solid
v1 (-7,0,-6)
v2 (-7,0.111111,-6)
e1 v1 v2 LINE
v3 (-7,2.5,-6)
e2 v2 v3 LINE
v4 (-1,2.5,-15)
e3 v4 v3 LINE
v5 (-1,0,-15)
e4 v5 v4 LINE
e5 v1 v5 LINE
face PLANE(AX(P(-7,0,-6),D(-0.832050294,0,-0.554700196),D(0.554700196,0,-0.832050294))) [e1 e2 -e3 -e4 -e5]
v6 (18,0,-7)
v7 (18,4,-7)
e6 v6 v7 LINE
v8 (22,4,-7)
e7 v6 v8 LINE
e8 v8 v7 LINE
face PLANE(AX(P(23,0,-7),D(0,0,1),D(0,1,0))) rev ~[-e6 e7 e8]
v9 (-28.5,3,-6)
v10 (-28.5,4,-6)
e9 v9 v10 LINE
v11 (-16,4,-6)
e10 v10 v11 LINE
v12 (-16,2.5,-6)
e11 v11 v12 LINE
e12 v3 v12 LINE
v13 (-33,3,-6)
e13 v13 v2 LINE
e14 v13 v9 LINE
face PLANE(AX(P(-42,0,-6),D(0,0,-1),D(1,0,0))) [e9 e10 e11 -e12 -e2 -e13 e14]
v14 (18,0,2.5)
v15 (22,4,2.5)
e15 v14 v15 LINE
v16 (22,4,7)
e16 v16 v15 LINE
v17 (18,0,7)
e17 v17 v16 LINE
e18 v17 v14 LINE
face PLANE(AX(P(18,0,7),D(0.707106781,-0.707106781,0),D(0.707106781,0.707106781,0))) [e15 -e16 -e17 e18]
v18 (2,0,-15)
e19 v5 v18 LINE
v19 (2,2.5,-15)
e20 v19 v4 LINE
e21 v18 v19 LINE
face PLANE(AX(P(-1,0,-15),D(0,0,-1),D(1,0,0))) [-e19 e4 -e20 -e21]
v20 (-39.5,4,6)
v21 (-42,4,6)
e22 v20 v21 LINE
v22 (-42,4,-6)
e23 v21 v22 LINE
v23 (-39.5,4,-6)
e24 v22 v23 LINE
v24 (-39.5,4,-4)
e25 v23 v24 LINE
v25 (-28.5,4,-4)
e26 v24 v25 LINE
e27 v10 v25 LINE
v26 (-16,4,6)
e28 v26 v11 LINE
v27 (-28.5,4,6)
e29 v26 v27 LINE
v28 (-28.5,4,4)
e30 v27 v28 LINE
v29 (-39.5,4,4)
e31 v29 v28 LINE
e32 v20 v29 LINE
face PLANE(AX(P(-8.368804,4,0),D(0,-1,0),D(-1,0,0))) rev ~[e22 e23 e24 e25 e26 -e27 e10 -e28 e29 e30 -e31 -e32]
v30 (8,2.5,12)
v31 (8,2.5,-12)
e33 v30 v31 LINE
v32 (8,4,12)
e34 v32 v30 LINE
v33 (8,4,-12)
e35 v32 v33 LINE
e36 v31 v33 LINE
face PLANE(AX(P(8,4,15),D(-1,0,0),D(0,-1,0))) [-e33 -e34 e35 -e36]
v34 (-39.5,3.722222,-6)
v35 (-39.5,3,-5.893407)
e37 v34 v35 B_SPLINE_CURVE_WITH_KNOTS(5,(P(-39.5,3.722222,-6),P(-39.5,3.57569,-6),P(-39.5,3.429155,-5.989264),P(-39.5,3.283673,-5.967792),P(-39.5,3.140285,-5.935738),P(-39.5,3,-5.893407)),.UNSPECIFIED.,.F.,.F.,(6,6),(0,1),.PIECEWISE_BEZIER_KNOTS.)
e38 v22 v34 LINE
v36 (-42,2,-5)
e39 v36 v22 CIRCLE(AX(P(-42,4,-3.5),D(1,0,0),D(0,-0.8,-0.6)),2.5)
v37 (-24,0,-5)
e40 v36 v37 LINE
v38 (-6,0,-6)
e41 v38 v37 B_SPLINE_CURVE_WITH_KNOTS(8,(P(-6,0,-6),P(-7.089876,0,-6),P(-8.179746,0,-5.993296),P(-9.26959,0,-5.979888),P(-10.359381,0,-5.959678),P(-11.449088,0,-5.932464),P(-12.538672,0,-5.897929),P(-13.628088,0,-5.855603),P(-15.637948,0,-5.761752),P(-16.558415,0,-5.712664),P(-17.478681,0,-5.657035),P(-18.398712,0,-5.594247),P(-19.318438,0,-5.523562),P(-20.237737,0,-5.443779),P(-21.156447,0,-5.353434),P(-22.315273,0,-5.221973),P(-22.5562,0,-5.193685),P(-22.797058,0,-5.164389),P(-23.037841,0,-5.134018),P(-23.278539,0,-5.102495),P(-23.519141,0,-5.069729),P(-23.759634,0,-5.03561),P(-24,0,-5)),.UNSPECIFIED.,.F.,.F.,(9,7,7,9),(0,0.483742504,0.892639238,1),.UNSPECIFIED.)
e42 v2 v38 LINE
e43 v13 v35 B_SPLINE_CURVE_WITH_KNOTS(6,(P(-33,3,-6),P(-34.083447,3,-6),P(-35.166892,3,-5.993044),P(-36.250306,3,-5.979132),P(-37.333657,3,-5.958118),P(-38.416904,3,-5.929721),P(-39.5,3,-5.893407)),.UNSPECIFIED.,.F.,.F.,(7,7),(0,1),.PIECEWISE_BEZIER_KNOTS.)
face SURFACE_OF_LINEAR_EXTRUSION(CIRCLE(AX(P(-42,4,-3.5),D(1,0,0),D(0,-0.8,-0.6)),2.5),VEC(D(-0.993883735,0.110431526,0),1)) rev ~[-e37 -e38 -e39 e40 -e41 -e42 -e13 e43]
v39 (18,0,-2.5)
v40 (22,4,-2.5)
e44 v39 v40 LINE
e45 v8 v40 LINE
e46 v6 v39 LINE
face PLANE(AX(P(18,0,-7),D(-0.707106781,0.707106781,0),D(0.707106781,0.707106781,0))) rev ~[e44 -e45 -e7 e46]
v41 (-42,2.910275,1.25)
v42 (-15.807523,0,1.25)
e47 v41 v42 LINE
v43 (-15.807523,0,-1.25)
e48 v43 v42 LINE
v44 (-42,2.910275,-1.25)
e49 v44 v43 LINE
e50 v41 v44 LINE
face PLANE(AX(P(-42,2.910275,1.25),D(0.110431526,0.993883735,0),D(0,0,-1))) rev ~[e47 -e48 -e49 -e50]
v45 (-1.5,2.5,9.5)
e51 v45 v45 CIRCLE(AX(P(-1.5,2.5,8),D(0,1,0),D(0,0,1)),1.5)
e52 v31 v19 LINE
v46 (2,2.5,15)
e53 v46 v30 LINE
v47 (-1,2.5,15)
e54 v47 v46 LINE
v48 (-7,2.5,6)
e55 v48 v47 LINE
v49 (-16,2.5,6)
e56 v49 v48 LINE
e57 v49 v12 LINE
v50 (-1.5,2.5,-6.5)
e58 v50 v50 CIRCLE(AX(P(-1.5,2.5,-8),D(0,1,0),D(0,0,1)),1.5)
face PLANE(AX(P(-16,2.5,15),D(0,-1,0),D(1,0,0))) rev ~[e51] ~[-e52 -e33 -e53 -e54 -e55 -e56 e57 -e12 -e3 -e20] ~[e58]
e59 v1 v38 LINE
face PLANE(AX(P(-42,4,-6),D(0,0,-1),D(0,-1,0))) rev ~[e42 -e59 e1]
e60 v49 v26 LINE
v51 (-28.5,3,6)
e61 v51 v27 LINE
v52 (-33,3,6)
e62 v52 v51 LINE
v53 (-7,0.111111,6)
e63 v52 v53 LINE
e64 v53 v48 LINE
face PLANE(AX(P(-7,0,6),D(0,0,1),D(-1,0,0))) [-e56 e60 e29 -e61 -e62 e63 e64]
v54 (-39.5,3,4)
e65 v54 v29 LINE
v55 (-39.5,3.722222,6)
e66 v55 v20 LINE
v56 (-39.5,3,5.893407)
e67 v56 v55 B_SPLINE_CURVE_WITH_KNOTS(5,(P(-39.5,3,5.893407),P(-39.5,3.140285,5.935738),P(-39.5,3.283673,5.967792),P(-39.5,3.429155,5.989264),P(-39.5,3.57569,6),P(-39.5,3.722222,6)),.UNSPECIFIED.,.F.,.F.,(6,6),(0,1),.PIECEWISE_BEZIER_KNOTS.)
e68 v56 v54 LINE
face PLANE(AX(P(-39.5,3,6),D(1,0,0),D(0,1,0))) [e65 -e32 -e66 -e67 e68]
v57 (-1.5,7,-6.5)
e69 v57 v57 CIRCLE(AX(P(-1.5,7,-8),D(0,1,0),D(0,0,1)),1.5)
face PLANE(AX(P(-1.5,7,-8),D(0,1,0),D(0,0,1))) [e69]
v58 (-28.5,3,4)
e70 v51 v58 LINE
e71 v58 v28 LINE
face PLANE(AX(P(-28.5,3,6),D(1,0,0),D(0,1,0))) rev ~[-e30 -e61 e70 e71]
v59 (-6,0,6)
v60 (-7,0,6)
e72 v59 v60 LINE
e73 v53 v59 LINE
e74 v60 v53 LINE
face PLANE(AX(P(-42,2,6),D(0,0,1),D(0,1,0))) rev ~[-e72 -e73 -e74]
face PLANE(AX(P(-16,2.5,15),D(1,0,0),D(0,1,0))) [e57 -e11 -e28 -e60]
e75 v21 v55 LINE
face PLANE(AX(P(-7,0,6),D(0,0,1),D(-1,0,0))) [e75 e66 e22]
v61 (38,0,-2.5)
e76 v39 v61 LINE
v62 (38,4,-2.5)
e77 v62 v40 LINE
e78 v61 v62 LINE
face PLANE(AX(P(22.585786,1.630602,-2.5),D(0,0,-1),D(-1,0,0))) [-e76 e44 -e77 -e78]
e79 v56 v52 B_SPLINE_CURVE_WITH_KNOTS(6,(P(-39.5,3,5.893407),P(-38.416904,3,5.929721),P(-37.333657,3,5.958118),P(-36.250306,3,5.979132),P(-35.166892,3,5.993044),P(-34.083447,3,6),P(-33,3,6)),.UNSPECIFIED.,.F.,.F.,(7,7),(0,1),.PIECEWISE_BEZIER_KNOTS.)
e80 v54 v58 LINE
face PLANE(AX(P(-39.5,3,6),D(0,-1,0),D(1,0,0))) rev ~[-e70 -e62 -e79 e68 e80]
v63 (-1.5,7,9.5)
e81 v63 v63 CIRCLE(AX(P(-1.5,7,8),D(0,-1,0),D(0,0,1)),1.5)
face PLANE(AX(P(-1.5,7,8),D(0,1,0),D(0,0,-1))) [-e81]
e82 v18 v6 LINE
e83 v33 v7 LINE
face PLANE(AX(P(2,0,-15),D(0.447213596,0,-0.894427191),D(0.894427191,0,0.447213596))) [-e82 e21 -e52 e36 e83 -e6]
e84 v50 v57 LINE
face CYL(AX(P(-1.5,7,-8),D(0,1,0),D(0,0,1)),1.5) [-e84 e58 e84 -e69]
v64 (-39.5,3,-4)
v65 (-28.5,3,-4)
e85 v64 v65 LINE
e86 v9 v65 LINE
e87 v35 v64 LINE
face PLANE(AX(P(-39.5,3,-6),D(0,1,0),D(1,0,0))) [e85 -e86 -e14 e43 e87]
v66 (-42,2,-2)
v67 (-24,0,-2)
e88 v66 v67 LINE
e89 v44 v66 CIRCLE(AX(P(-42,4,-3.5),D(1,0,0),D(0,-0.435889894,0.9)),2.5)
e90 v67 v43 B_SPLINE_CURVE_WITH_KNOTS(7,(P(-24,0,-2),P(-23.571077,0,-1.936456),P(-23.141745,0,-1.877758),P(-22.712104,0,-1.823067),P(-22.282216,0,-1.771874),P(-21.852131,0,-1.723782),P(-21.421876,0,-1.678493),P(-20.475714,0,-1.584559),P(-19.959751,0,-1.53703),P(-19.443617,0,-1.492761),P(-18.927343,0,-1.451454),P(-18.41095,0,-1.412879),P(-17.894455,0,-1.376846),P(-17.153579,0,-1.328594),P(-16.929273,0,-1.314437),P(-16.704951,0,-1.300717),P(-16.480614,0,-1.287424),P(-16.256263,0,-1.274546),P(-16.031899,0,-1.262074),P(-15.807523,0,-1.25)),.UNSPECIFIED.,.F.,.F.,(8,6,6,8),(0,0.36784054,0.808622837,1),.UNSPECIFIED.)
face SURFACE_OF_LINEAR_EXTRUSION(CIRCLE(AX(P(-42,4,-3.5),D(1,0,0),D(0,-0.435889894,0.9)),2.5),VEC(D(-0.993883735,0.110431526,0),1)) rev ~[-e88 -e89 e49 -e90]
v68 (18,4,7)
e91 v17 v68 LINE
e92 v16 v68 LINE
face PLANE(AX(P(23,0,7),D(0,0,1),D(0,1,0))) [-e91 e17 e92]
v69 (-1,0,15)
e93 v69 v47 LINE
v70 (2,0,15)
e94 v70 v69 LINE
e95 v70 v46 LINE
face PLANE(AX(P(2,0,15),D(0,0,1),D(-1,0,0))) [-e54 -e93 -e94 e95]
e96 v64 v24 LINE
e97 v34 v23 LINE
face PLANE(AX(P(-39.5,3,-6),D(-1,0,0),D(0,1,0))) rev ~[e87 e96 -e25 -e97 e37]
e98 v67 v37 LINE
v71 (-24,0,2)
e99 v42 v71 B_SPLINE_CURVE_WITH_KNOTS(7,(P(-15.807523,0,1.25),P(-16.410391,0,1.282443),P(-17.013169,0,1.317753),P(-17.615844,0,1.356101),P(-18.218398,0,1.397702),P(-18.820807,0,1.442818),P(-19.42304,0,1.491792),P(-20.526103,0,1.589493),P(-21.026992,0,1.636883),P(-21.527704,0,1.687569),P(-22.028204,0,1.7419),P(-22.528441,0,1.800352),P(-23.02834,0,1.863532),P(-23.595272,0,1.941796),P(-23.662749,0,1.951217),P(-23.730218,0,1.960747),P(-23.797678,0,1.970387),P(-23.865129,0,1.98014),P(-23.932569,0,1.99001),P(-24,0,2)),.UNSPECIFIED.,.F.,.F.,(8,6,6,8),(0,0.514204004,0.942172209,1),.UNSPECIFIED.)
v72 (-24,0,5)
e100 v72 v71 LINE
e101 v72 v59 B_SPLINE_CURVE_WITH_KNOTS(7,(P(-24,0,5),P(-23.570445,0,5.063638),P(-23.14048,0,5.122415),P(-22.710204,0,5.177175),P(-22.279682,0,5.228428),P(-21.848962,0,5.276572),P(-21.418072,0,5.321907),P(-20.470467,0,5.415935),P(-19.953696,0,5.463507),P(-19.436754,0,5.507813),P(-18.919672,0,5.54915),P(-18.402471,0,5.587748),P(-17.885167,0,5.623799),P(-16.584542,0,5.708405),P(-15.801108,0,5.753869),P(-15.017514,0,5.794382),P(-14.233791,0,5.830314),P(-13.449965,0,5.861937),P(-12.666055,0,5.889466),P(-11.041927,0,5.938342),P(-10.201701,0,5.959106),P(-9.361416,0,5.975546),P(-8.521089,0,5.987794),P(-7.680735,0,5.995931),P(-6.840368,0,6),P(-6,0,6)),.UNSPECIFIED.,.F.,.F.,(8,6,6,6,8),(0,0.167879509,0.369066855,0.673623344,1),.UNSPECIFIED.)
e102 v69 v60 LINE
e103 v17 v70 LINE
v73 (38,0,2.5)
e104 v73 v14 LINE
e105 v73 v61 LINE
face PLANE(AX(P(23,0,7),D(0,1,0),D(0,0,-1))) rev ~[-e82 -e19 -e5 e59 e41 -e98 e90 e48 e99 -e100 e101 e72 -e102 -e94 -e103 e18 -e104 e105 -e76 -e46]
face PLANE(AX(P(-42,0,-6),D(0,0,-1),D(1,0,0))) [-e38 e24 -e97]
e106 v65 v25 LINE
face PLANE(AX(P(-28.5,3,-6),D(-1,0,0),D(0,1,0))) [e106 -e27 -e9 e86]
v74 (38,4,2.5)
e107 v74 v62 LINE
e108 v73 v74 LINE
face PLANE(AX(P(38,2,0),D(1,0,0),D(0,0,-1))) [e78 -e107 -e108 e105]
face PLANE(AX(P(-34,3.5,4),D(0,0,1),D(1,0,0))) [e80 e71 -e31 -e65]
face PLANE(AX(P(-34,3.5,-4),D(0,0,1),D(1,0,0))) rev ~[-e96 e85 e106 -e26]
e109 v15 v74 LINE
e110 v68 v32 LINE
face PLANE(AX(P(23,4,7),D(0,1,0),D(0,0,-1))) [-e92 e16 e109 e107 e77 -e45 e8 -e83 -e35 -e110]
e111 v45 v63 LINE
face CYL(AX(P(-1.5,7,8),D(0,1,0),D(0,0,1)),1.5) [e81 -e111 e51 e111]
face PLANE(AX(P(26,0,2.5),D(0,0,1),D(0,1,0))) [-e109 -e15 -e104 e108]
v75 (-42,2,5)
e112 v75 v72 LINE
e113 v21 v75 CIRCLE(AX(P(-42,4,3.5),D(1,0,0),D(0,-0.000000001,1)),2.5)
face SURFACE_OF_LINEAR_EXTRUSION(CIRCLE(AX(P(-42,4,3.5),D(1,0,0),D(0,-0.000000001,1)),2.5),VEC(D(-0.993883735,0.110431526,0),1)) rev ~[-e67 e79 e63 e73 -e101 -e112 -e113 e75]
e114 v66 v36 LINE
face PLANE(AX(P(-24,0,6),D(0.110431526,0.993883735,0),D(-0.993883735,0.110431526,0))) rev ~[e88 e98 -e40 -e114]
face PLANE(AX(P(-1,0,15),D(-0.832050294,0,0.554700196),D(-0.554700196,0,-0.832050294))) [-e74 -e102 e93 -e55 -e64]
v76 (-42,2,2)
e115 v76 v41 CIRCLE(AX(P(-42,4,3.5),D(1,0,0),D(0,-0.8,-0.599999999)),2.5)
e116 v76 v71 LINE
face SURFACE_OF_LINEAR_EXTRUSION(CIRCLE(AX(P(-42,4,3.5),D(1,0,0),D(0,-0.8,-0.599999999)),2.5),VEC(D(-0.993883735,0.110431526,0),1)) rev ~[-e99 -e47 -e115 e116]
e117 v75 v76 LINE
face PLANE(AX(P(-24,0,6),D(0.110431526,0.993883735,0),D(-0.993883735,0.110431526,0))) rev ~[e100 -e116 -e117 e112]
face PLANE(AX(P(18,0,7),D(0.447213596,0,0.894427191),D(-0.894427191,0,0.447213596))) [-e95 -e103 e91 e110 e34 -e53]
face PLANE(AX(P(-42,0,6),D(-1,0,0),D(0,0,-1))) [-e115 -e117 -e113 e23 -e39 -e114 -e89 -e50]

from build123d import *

# Parameters (mm, degrees)
BOSS_EXTRUDE1_DEPTH = 4
SKETCH2_R           = 1.5
BOSS_EXTRUDE2_DEPTH = 3
CUT_EXTRUDE1_DEPTH  = 13
CUT_EXTRUDE2_DEPTH  = 49
CUT_EXTRUDE3_DEPTH  = 37
SKETCH6_R           = 1.5
BOSS_EXTRUDE3_DEPTH = 5
SKETCH7_W           = 11
SKETCH7_H           = 1
CUT_EXTRUDE4_DEPTH  = 2
CUT_EXTRUDE5_START  = -12
SKETCH7_2_W         = 11
SKETCH7_2_H         = 1
CUT_EXTRUDE5_DEPTH  = 2
SKETCH8_W           = 14
SKETCH8_H           = 4
BOSS_EXTRUDE4_DEPTH = 3
SKETCH9_W           = 5
SKETCH9_H           = 4
BOSS_EXTRUDE5_DEPTH = 12
CUT_EXTRUDE6_DEPTH  = 4.5
CUT_EXTRUDE7_START  = -14
CUT_EXTRUDE7_DEPTH  = 4.5


with BuildPart() as part:
    # Sketch1 → Boss-Extrude1 (new body)
    with BuildSketch(Plane(origin=(0, 0, 0), x_dir=(1, 0, 0), z_dir=(0, 1, 0))):
        Polygon((-1, 15), (2, 15), (18, 7), (23, 7), (23, -7), (18, -7), (2, -15), (-1, -15), (-7, -6), (-42, -6), (-42, 6), (-7, 6), align=None)
    extrude(amount=BOSS_EXTRUDE1_DEPTH)

    # Sketch2 → Boss-Extrude2 (add)
    with BuildSketch(Plane(origin=(0, 4, 0), x_dir=(1, 0, 0), z_dir=(0, 1, 0))):
        with Locations(Location((-1.5, 8, 0), (0, 0, 270))):
            Circle(SKETCH2_R)
        with Locations(Location((-1.5, -8, 0), (0, 0, 90))):
            Circle(SKETCH2_R)
    extrude(amount=BOSS_EXTRUDE2_DEPTH)

    # Sketch3 → Cut-Extrude1 (cut)
    with BuildSketch(Plane.XY.offset(6)):
        Polygon((-24, 0), (-42, 2), (-42, 0), align=None)
    extrude(amount=-CUT_EXTRUDE1_DEPTH, mode=Mode.SUBTRACT)

    # Sketch4 → Cut-Extrude2 (cut, along a direction that is not the sketch's normal)
    with BuildSketch(Plane.ZY.offset(42)):
        with BuildLine():
            ThreePointArc((-5, 2), (-5.736067977, 2.881966011), (-6, 4))
            Line((-6, 4), (-6, 2))
            Line((-6, 2), (-5, 2))
        make_face()
        with BuildLine():
            Line((1.25, 2.910275264), (-1.25, 2.910275264))
            ThreePointArc((-1.25, 2.910275264), (-1.570550528, 2.410275264), (-2, 2))
            Line((-2, 2), (2, 2))
            ThreePointArc((2, 2), (1.570550528, 2.410275264), (1.25, 2.910275264))
        make_face()
        with BuildLine():
            Line((5, 2), (6, 2))
            Line((6, 2), (6, 4))
            ThreePointArc((6, 4), (5.736067977, 2.881966011), (5, 2))
        make_face()
    extrude(amount=-CUT_EXTRUDE2_DEPTH, dir=(-0.9938837346736189, 0.11043152607484653, 0), mode=Mode.SUBTRACT)

    # Sketch5 → Cut-Extrude3 (cut)
    with BuildSketch(Plane.XY.offset(15)):
        Polygon((-7, 4), (8, 4), (8, 2.5), (-7, 2.5), (-16, 2.5), (-16, 4), align=None)
    extrude(amount=-CUT_EXTRUDE3_DEPTH, mode=Mode.SUBTRACT)


with BuildPart() as cut_extrude3_piece_1:
    # of the separate pieces the step leaves, piece 1, a body of its own (cut_extrude3_pieces)
    add(part.part.solids().sort_by_distance((-1, 0, -15))[0])



with BuildPart() as cut_extrude3_piece_2:
    # of the separate pieces the step leaves, piece 2, a body of its own (cut_extrude3_pieces)
    add(part.part.solids().sort_by_distance((-1.5, 4, -6.5))[0])


with BuildPart() as cut_extrude3_piece_3:
    # of the separate pieces the step leaves, piece 3, a body of its own (cut_extrude3_pieces)
    add(part.part.solids().sort_by_distance((-1.5, 4, 6.5))[0])


with BuildPart() as cut_extrude3_piece_1_1:
    add(cut_extrude3_piece_1.part)

    add(cut_extrude3_piece_2.part)  # Boss-Extrude3 merges Cut-Extrude3 piece 2

    add(cut_extrude3_piece_3.part)  # Boss-Extrude3 merges Cut-Extrude3 piece 3
    # Sketch6 → Boss-Extrude3 (add)
    with BuildSketch(Plane(origin=(0, 7, 0), x_dir=(1, 0, 0), z_dir=(0, 1, 0))):
        with Locations(Location((-1.5, -8, 0), (0, 0, 270))):
            Circle(SKETCH6_R)
        with Locations(Location((-1.5, 8, 0), (0, 0, 270))):
            Circle(SKETCH6_R)
    extrude(amount=-BOSS_EXTRUDE3_DEPTH)

    # Sketch7 → Cut-Extrude4 (cut)
    with BuildSketch(Plane.XY.offset(6)):
        with Locations((-34, 3.5)):
            Rectangle(SKETCH7_W, SKETCH7_H)
    extrude(amount=-CUT_EXTRUDE4_DEPTH, mode=Mode.SUBTRACT)

    # Sketch7<2> → Cut-Extrude5 (cut)
    with BuildSketch(Plane.XY.offset(6).offset(CUT_EXTRUDE5_START)):
        with Locations((-34, 3.5)):
            Rectangle(SKETCH7_2_W, SKETCH7_2_H)
    extrude(amount=CUT_EXTRUDE5_DEPTH, mode=Mode.SUBTRACT)

    # Sketch8 → Boss-Extrude4 (add)
    with BuildSketch(Plane(origin=(23, 0, 0), x_dir=(0, 0, -1), z_dir=(1, 0, 0))):
        with Locations((0, 2)):
            Rectangle(SKETCH8_W, SKETCH8_H)
    extrude(amount=BOSS_EXTRUDE4_DEPTH)

    # Sketch9 → Boss-Extrude5 (add)
    with BuildSketch(Plane(origin=(26, 0, 0), x_dir=(0, 0, -1), z_dir=(1, 0, 0))):
        with Locations((0, 2)):
            Rectangle(SKETCH9_W, SKETCH9_H)
    extrude(amount=BOSS_EXTRUDE5_DEPTH)

    # Sketch10 → Cut-Extrude6 (cut)
    with BuildSketch(Plane.XY.offset(7)):
        Polygon((18, 0), (22, 4), (26, 4), (26, 0), align=None)
    extrude(amount=-CUT_EXTRUDE6_DEPTH, mode=Mode.SUBTRACT)

    # Sketch10<3> → Cut-Extrude7 (cut)
    with BuildSketch(Plane.XY.offset(7).offset(CUT_EXTRUDE7_START)):
        Polygon((18, 0), (22, 4), (26, 4), (26, 0), align=None)
    extrude(amount=CUT_EXTRUDE7_DEPTH, mode=Mode.SUBTRACT)


solid = cut_extrude3_piece_1_1.part
